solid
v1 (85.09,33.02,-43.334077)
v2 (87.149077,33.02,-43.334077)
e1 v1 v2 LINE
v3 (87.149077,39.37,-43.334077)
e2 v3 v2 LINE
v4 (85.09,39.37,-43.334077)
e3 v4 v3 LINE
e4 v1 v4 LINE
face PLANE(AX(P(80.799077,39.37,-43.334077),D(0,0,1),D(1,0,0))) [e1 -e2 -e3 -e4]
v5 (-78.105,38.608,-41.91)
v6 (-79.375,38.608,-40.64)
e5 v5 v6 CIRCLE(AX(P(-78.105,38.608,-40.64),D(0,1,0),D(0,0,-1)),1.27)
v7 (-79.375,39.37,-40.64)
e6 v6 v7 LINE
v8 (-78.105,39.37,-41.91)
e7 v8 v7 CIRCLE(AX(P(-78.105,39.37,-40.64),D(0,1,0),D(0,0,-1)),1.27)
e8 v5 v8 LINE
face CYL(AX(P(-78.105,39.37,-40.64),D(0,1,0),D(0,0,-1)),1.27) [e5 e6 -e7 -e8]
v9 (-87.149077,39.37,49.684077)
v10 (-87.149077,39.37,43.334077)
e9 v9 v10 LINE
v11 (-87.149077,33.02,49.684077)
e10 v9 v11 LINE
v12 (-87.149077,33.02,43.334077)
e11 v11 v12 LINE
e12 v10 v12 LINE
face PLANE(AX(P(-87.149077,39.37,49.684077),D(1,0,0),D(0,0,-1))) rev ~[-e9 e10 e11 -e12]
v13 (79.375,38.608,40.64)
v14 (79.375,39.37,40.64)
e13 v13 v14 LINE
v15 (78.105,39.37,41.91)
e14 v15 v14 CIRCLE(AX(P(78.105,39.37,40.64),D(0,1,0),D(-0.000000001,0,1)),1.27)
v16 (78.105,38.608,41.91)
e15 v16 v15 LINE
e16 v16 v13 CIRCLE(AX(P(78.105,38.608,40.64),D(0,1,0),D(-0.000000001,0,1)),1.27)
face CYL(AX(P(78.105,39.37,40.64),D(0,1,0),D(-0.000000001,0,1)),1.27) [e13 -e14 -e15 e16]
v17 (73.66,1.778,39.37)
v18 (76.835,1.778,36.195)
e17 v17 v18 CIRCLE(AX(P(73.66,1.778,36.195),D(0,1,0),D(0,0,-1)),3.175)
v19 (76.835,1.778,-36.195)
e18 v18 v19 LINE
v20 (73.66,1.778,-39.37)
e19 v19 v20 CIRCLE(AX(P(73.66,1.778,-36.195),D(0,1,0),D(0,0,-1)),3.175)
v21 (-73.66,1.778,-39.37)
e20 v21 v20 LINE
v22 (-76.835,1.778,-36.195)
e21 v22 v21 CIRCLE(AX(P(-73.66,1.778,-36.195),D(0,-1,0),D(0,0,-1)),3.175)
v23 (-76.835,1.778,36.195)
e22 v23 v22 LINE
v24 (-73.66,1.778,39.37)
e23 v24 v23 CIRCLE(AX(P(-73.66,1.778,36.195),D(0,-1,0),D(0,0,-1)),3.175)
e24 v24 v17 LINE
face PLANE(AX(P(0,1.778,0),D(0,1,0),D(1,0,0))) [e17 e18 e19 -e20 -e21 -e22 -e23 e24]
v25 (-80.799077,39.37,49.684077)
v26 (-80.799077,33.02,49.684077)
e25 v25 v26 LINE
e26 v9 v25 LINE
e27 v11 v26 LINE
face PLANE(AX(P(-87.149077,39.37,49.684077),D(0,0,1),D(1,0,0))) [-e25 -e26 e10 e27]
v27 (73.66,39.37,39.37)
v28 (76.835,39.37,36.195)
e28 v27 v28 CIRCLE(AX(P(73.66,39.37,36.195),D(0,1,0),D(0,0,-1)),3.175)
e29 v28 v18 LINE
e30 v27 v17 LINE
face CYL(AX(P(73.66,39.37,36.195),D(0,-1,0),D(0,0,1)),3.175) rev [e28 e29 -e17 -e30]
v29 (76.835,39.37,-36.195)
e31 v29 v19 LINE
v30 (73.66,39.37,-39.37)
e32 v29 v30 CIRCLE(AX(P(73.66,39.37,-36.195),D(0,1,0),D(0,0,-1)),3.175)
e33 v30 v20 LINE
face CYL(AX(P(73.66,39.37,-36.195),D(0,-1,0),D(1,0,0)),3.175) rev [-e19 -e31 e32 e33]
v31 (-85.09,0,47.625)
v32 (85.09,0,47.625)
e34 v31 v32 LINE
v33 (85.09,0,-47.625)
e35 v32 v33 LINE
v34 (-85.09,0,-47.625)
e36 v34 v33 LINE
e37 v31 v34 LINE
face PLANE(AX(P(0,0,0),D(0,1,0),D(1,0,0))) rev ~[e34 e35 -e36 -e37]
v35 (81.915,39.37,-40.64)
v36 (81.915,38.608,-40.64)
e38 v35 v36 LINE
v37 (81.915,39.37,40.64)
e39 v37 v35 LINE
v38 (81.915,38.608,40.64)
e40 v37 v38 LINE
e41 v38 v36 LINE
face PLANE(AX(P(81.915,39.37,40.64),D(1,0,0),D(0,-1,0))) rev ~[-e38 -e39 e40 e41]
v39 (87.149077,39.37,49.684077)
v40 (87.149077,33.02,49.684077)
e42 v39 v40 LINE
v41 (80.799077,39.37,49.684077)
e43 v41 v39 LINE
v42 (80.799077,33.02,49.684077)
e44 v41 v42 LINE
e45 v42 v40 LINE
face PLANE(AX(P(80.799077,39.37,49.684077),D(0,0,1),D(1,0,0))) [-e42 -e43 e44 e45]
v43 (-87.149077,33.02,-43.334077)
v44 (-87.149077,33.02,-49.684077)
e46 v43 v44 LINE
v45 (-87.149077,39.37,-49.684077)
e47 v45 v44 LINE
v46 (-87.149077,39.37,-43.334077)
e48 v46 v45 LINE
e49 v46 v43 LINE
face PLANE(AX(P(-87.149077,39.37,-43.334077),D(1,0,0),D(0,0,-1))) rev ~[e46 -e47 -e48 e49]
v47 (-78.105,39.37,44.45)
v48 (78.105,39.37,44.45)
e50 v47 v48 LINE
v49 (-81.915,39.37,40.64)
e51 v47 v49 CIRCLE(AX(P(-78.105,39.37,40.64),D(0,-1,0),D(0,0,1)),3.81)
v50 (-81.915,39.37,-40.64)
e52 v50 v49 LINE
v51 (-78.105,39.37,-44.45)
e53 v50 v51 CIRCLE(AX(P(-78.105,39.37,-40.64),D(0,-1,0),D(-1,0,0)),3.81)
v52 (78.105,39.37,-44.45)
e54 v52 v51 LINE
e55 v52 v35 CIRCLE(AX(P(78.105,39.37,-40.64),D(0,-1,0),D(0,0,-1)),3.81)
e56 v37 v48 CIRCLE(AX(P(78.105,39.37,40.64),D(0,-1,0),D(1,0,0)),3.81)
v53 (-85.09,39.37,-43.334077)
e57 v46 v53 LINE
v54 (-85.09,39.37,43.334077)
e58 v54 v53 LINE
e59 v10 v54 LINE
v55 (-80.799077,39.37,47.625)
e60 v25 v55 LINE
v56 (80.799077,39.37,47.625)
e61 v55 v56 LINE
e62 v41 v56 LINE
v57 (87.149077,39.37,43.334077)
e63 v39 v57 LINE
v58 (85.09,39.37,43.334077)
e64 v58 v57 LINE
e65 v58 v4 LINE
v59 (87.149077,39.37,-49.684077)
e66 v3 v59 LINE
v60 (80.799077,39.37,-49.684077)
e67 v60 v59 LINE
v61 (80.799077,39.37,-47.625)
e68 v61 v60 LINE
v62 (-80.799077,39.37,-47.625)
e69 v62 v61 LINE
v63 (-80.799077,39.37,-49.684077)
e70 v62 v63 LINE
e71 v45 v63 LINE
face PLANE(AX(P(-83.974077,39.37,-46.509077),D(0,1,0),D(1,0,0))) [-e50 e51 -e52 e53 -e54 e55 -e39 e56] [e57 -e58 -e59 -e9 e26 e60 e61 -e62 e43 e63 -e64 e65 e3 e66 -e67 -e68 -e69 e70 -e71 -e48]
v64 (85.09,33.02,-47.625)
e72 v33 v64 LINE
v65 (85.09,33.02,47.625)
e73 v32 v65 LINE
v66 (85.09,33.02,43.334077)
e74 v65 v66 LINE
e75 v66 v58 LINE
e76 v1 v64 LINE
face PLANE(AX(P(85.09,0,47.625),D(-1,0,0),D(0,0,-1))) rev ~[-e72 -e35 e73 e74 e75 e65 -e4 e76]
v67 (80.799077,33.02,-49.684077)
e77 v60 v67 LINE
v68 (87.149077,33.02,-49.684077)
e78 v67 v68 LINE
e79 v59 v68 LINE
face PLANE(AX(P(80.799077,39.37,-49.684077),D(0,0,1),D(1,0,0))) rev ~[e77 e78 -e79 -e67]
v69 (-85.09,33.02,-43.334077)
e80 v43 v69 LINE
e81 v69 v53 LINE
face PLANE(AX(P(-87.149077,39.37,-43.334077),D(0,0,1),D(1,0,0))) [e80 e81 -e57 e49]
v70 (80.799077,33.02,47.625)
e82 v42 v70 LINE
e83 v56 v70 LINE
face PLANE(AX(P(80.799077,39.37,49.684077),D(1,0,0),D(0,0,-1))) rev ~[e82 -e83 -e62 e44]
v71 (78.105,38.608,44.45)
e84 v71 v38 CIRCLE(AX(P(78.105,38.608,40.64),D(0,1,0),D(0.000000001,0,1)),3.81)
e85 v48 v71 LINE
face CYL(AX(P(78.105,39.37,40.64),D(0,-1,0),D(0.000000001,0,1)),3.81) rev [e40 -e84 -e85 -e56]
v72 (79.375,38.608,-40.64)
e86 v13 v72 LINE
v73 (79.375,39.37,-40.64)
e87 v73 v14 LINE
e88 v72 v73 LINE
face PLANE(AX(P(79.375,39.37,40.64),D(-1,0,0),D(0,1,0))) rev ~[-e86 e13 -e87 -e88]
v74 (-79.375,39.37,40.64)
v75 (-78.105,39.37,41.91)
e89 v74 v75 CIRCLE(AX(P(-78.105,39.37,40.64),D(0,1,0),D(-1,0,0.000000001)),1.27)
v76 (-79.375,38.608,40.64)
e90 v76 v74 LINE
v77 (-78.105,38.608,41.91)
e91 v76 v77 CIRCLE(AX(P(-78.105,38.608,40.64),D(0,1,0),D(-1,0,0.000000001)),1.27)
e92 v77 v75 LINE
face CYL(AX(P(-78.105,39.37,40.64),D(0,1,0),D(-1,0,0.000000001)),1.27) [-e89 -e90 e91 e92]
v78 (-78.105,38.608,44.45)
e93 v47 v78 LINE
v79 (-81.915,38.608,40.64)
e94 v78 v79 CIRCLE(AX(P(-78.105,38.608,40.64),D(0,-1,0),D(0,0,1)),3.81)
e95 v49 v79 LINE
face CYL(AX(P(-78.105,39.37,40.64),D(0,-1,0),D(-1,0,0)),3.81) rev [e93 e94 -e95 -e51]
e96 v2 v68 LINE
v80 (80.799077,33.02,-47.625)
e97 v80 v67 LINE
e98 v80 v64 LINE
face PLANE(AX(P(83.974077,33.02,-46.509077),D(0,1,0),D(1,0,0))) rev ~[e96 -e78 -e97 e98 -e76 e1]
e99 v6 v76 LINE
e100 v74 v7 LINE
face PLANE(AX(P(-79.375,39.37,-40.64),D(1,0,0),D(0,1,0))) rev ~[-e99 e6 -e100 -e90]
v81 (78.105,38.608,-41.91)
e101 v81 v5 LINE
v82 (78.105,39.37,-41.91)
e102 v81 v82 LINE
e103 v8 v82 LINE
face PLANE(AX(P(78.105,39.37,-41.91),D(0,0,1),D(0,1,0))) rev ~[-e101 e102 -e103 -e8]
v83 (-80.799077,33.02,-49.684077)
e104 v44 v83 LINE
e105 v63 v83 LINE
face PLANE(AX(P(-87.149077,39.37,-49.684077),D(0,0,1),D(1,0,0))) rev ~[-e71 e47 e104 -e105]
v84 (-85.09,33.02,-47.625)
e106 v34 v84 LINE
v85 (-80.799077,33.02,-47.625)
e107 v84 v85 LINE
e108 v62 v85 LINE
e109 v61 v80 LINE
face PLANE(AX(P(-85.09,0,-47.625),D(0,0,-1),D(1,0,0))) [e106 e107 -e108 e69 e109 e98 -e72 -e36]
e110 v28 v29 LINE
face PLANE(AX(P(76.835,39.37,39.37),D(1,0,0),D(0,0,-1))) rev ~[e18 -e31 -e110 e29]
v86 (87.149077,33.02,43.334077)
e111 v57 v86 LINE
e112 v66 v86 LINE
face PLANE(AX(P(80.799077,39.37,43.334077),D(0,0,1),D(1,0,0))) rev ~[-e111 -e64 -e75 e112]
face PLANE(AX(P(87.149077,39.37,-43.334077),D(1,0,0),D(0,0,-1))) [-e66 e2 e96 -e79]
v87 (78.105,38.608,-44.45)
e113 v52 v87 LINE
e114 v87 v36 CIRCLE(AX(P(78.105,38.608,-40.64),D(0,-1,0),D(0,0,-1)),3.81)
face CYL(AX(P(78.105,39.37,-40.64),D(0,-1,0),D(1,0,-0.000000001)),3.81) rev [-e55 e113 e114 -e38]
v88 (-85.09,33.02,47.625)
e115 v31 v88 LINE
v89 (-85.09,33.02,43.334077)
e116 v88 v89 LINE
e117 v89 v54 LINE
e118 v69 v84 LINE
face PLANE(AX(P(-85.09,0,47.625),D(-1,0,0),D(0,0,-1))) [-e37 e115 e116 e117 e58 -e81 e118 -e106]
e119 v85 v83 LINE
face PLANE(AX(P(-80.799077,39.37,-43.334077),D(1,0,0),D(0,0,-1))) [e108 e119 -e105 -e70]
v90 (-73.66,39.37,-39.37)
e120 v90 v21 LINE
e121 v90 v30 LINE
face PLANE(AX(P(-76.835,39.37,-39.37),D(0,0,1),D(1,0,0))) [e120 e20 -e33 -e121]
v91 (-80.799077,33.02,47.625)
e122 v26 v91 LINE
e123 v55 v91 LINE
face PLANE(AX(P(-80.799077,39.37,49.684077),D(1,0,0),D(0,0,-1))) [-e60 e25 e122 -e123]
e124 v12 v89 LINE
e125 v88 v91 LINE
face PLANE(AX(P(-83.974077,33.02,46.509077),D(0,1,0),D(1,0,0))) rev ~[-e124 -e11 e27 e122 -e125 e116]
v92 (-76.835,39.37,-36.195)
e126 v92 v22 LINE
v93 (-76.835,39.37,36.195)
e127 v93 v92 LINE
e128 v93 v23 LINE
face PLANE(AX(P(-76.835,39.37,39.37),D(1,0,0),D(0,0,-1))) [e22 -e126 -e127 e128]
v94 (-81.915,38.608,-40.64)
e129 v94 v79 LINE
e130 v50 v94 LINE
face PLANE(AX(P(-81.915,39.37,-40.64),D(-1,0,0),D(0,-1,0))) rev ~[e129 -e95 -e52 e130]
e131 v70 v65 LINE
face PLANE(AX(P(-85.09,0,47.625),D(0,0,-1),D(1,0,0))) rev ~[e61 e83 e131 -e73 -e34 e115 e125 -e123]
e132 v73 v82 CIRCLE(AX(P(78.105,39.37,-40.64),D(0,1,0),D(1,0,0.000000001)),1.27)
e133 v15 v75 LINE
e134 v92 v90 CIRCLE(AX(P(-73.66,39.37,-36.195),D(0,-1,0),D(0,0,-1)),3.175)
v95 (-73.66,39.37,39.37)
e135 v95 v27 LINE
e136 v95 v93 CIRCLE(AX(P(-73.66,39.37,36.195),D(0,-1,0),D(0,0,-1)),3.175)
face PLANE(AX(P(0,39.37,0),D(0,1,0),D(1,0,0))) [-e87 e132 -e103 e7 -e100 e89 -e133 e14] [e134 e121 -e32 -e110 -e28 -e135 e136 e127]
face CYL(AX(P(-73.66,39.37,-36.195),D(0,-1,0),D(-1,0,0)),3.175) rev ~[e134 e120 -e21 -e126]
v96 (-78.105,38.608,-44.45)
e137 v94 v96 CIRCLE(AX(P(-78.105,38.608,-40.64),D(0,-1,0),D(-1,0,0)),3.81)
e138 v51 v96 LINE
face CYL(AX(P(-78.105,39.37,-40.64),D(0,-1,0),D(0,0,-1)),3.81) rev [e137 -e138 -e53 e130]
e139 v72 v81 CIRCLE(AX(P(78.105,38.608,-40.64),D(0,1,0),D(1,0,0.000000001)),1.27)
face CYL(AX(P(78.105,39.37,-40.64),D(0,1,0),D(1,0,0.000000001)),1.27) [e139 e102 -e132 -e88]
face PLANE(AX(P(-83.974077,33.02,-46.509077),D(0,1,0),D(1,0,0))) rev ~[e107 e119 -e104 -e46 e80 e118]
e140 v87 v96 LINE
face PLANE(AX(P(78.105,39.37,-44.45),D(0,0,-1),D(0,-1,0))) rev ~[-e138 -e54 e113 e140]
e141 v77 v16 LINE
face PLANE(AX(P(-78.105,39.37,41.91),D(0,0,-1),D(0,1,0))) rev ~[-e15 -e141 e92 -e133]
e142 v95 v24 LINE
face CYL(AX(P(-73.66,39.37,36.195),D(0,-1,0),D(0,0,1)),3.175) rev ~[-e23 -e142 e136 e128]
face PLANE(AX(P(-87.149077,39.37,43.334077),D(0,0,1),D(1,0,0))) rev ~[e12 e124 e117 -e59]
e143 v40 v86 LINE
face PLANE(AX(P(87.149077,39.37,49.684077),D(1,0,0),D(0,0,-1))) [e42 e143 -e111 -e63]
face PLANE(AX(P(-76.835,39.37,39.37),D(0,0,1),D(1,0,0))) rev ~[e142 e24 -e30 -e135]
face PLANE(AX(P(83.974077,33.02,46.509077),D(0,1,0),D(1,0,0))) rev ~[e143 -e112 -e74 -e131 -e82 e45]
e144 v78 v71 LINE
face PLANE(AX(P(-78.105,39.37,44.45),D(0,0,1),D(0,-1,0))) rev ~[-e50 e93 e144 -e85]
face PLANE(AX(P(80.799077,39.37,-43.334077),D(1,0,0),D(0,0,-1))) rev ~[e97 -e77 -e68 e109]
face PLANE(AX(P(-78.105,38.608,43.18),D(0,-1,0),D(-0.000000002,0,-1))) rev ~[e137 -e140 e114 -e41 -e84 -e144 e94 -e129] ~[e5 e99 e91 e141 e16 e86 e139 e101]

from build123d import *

# Parameters (mm, degrees)
SKETCH1_W           = 170.18
SKETCH1_H           = 95.25
BOSS_EXTRUDE1_DEPTH = 39.37
SKETCH2_W           = 153.67
SKETCH2_H           = 78.74
CUT_EXTRUDE1_DEPTH  = 37.592
SKETCH4_W           = 2.54
SKETCH4_H           = 1.524
FILLET1_R           = 3.175
SKETCH5_W           = 6.35
SKETCH5_H           = 6.35
BOSS_EXTRUDE2_DEPTH = 6.35


with BuildPart() as part:
    # Sketch1 → Boss-Extrude1 (new body)
    with BuildSketch(Plane(origin=(0, 0, 0), x_dir=(1, 0, 0), z_dir=(0, 1, 0))):
        Rectangle(SKETCH1_W, SKETCH1_H)
    extrude(amount=BOSS_EXTRUDE1_DEPTH)

    # Sketch2 → Cut-Extrude1 (cut)
    with BuildSketch(Plane(origin=(0, 39.37, 0), x_dir=(1, 0, 0), z_dir=(0, 1, 0))):
        Rectangle(SKETCH2_W, SKETCH2_H)
    extrude(amount=-CUT_EXTRUDE1_DEPTH, mode=Mode.SUBTRACT)

    # Cut-Sweep1: sweep along a path in Sketch3
    with BuildLine(Plane(origin=(0, 39.37, 0), x_dir=(1, 0, 0), z_dir=(0, 1, 0))) as cut_sweep1_path:
        Line((-78.105, -43.18), (78.105, -43.18))
        ThreePointArc((78.105, -43.18), (79.901051224, -42.436051224), (80.645, -40.64))
        Line((80.645, -40.64), (80.645, 40.64))
        ThreePointArc((80.645, 40.64), (79.901051224, 42.436051224), (78.105, 43.18))
        Line((78.105, 43.18), (-78.105, 43.18))
        ThreePointArc((-78.105, 43.18), (-79.901051224, 42.436051224), (-80.645, 40.64))
        Line((-80.645, 40.64), (-80.645, -40.64))
        ThreePointArc((-80.645, -40.64), (-79.901051224, -42.436051224), (-78.105, -43.18))
    # Sketch4 → Cut-Sweep1 (sweep, cut)
    with BuildSketch(Plane(origin=(-80.645, 39.37, 40.64), x_dir=(1, 0, 0), z_dir=(0, 0, 1))):
        Rectangle(SKETCH4_W, SKETCH4_H)
    sweep(path=cut_sweep1_path.line, mode=Mode.SUBTRACT)

    # Fillet1
    fillet1_edges = [part.edges().sort_by_distance(p)[0] for p in [
        (76.835, 20.574, 39.37),
        (-76.835, 20.574, 39.37),
        (-76.835, 20.574, -39.37),
        (76.835, 20.574, -39.37),
    ]]
    fillet(fillet1_edges, radius=FILLET1_R)

    # Sketch5 → Boss-Extrude2 (add)
    with BuildSketch(Plane(origin=(0, 39.37, 0), x_dir=(1, 0, 0), z_dir=(0, 1, 0))):
        with Locations((-83.974076836, 46.509076836)):
            Rectangle(SKETCH5_W, SKETCH5_H)
        with Locations((83.974076836, 46.509076836)):
            Rectangle(SKETCH5_W, SKETCH5_H)
        with Locations((83.974076836, -46.509076836)):
            Rectangle(SKETCH5_W, SKETCH5_H)
        with Locations((-83.974076836, -46.509076836)):
            Rectangle(SKETCH5_W, SKETCH5_H)
    extrude(amount=-BOSS_EXTRUDE2_DEPTH)


solid = part.part
